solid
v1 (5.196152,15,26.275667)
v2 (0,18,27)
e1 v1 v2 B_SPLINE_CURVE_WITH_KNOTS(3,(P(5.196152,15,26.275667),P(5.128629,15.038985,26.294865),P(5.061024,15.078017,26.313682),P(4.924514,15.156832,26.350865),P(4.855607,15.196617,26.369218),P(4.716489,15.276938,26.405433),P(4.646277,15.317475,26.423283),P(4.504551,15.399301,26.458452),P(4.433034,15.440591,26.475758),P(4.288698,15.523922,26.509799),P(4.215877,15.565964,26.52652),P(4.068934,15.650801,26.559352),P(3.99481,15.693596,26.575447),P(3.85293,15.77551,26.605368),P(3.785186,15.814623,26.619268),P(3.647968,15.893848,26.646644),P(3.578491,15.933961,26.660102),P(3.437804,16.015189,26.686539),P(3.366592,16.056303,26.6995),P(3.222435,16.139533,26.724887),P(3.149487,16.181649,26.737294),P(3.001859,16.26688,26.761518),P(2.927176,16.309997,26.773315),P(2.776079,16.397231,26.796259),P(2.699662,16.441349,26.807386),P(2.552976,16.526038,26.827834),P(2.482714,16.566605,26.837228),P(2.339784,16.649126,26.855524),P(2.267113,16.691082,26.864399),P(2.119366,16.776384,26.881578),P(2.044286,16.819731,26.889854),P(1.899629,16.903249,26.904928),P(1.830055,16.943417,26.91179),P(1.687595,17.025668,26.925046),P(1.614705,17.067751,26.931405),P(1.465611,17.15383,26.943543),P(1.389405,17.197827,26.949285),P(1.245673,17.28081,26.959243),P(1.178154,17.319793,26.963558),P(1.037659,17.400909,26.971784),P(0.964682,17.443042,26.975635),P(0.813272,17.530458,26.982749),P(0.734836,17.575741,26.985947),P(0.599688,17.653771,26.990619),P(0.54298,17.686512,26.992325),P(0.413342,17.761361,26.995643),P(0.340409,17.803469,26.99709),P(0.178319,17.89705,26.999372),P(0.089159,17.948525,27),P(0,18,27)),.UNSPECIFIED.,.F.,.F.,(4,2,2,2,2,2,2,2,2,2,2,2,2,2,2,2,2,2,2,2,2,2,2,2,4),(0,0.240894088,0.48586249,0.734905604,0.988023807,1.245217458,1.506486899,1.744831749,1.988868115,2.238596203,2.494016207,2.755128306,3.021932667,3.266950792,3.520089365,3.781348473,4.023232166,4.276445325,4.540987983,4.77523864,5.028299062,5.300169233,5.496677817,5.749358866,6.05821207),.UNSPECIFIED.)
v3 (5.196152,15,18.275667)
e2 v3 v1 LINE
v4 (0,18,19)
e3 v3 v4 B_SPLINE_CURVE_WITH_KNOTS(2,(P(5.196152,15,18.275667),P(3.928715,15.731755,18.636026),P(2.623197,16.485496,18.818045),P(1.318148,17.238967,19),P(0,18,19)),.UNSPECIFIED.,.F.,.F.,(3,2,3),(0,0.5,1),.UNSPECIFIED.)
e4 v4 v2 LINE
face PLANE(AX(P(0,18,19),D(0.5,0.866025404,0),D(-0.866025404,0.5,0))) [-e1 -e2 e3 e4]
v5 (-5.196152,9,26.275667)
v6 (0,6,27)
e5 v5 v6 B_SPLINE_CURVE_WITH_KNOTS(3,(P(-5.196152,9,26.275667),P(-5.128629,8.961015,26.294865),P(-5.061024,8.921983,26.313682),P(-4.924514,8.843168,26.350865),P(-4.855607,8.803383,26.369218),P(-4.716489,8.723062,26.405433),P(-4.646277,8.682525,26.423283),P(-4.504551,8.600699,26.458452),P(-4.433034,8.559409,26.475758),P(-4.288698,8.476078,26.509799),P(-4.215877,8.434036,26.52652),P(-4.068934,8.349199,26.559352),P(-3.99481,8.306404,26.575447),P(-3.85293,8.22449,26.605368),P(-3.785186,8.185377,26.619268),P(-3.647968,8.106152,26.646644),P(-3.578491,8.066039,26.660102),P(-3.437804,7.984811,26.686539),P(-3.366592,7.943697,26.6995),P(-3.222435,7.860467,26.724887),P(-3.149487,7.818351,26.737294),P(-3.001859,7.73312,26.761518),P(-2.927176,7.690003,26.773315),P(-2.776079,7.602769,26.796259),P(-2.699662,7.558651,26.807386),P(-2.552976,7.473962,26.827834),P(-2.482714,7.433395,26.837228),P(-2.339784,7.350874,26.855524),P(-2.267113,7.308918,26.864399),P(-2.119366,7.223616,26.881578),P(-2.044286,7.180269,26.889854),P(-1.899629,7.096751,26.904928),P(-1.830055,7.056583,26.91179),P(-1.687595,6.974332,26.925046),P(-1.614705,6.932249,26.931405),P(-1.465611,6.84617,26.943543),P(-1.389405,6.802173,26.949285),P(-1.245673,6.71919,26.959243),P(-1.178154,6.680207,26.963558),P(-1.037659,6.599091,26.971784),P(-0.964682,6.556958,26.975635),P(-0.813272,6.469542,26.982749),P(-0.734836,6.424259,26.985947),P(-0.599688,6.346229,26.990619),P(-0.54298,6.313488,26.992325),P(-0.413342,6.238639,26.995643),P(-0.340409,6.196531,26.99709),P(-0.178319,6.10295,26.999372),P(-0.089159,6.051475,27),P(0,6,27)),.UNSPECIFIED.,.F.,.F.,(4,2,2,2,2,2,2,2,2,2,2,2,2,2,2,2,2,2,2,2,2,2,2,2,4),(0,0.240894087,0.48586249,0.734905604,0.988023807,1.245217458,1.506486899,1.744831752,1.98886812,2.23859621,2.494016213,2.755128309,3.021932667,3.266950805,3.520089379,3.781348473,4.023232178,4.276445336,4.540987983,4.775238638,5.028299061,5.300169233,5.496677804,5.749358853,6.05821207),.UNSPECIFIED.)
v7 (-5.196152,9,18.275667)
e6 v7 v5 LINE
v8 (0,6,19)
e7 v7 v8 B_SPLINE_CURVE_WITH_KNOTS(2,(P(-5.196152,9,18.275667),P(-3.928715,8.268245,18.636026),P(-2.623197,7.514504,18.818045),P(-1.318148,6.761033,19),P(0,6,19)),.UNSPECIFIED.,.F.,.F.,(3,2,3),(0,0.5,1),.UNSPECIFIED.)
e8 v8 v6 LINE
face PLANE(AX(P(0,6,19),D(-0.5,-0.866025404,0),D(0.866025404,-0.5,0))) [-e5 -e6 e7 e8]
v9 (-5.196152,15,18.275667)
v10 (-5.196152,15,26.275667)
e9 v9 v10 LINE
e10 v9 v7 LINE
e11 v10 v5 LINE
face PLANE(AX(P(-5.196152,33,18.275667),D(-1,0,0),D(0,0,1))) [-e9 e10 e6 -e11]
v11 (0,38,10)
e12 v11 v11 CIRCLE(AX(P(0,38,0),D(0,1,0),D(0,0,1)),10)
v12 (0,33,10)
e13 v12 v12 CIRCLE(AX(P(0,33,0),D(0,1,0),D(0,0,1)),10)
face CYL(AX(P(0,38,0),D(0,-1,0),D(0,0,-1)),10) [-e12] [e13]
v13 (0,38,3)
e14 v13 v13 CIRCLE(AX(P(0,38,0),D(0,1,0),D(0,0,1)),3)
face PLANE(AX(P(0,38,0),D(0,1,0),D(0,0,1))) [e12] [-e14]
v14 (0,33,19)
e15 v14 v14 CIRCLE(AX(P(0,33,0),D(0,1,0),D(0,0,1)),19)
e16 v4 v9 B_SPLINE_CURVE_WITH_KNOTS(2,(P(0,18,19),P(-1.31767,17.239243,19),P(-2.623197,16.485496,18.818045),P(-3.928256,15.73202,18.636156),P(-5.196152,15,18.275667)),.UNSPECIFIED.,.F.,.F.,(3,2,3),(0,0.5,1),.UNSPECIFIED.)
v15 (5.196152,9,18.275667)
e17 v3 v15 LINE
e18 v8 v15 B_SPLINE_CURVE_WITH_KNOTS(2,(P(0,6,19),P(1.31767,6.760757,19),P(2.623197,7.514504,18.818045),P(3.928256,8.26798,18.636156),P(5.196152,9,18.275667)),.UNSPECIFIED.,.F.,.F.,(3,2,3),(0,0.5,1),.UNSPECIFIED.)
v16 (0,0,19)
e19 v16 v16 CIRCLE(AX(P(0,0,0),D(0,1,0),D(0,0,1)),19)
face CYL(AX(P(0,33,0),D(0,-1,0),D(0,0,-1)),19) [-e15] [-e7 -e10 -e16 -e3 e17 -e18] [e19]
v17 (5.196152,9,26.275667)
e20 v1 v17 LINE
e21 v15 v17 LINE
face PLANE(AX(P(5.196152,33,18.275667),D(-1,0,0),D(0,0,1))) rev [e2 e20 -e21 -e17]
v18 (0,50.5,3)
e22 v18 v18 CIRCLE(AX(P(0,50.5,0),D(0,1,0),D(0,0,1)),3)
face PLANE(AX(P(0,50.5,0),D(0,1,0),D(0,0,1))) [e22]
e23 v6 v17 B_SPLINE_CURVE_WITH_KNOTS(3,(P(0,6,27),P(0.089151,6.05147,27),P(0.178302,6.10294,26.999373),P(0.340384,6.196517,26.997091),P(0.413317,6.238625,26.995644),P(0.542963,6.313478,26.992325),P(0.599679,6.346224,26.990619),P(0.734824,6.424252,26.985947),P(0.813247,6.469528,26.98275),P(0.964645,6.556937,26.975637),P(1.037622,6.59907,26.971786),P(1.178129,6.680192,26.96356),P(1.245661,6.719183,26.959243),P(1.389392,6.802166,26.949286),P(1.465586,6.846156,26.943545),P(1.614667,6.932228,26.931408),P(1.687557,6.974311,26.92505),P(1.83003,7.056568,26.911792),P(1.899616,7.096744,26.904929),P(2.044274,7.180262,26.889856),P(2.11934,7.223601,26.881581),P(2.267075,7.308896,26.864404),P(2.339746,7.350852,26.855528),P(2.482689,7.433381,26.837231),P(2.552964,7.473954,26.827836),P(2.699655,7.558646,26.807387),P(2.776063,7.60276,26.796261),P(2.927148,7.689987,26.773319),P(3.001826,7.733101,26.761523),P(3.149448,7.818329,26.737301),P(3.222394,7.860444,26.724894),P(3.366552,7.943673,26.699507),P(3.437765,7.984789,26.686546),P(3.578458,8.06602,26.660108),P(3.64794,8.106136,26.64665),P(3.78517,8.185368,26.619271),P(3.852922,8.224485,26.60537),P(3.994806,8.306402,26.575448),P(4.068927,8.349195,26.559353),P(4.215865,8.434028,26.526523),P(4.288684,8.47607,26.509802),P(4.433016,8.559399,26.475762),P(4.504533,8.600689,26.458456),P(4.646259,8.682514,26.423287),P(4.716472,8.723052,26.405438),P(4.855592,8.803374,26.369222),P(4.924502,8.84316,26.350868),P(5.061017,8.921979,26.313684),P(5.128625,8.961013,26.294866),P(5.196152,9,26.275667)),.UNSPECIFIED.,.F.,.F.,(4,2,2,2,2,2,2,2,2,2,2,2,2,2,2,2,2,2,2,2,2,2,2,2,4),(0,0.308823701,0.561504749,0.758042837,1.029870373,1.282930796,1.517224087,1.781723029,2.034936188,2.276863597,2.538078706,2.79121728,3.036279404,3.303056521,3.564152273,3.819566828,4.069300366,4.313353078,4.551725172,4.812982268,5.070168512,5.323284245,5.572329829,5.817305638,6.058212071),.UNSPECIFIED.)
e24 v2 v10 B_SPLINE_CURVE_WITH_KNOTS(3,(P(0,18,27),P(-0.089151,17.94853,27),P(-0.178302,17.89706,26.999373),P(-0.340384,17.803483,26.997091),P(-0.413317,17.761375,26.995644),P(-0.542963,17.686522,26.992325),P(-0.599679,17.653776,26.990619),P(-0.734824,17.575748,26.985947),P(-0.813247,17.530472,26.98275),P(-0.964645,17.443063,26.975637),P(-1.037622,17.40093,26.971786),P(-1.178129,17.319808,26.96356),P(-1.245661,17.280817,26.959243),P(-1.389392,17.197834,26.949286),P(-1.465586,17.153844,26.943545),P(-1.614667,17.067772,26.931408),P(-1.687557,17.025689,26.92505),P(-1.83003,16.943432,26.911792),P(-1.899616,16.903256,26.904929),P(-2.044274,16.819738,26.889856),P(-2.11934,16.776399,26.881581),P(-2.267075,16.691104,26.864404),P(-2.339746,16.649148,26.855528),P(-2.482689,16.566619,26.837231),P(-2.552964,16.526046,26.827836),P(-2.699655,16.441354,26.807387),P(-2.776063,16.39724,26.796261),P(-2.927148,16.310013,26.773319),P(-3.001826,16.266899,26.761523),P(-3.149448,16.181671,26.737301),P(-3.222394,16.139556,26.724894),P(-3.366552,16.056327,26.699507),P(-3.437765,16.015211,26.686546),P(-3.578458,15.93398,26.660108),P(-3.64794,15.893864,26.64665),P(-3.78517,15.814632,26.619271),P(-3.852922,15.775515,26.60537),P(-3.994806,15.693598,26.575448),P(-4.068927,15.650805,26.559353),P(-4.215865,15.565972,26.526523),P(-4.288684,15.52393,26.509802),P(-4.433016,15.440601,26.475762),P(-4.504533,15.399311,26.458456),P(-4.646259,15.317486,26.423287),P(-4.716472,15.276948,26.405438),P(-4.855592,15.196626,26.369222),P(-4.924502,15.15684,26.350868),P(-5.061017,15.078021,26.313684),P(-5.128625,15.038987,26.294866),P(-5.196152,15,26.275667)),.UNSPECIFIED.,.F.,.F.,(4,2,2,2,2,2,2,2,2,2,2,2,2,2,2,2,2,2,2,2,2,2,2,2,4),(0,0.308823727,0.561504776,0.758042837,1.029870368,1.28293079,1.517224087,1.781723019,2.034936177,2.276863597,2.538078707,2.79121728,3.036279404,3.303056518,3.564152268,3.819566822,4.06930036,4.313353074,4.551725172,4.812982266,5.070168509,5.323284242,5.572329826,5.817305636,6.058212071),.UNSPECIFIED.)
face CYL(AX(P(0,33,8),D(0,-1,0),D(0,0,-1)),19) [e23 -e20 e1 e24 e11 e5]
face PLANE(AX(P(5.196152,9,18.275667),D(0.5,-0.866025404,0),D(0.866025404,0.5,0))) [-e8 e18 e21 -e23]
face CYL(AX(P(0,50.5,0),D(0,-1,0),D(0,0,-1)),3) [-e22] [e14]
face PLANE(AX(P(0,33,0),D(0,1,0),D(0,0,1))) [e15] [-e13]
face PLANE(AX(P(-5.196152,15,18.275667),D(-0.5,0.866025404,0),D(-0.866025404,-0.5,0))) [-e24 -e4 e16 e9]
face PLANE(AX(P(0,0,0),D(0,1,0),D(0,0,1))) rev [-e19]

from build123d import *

# Parameters (mm, degrees)
CROQUIS1_R                     = 19
SALIENTE_EXTRUIR1_DEPTH        = 33
CROQUIS2_R                     = 10
SALIENTE_EXTRUIR2_DEPTH        = 5
CROQUIS4_R                     = 3
SALIENTE_EXTRUIR3_DEPTH        = 12.5
SALIENTE_EXTRUIR4_REACH        = 67.204
SALIENTE_EXTRUIR4_START_RADIUS = 19
SALIENTE_EXTRUIR4_END_RADIUS   = 19


with BuildPart() as part:
    # Croquis1 → Saliente-Extruir1 (new body)
    with BuildSketch(Plane(origin=(0, 0, 0), x_dir=(1, 0, 0), z_dir=(0, 1, 0))):
        with Locations(Location((0, 0, 0), (0, 0, 270))):
            Circle(CROQUIS1_R)
    extrude(amount=SALIENTE_EXTRUIR1_DEPTH)

    # Croquis2 → Saliente-Extruir2 (add)
    with BuildSketch(Plane(origin=(0, 33, 0), x_dir=(1, 0, 0), z_dir=(0, 1, 0))):
        with Locations(Location((0, 0, 0), (0, 0, 270))):
            Circle(CROQUIS2_R)
    extrude(amount=SALIENTE_EXTRUIR2_DEPTH)

    # Croquis4 → Saliente-Extruir3 (add)
    with BuildSketch(Plane(origin=(0, 38, 0), x_dir=(1, 0, 0), z_dir=(0, 1, 0))):
        with Locations(Location((0, 0, 0), (0, 0, 270))):
            Circle(CROQUIS4_R)
    extrude(amount=SALIENTE_EXTRUIR3_DEPTH)

    # Saliente-Extruir4: from a cylinder face, 67.204 long prism both ways, kept between that surface and its translate by the depth
    saliente_extruir4_start = Plane(origin=(0, 12, 0), z_dir=(0, -1, 0)) * Cylinder(SALIENTE_EXTRUIR4_START_RADIUS, 173.408, mode=Mode.PRIVATE)
    saliente_extruir4_end = Plane(origin=(0, 12, 8), z_dir=(0, -1, 0)) * Cylinder(SALIENTE_EXTRUIR4_END_RADIUS, 173.408, mode=Mode.PRIVATE)
    # Croquis6 → Saliente-Extruir4 (add, from a surface)
    with BuildSketch(Plane.XY, mode=Mode.PRIVATE) as saliente_extruir4_sk1:
        Polygon((-5.196152423, 15), (-5.196152423, 9), (0, 6), (5.196152423, 9), (5.196152423, 15), (0, 18), align=None)
    saliente_extruir4_tool1 = extrude(saliente_extruir4_sk1.sketch, amount=SALIENTE_EXTRUIR4_REACH, both=True, mode=Mode.PRIVATE)
    add(((saliente_extruir4_tool1 - saliente_extruir4_start) & saliente_extruir4_end).solids().sort_by_distance((0, 12, 22.637833))[0])


solid = part.part
